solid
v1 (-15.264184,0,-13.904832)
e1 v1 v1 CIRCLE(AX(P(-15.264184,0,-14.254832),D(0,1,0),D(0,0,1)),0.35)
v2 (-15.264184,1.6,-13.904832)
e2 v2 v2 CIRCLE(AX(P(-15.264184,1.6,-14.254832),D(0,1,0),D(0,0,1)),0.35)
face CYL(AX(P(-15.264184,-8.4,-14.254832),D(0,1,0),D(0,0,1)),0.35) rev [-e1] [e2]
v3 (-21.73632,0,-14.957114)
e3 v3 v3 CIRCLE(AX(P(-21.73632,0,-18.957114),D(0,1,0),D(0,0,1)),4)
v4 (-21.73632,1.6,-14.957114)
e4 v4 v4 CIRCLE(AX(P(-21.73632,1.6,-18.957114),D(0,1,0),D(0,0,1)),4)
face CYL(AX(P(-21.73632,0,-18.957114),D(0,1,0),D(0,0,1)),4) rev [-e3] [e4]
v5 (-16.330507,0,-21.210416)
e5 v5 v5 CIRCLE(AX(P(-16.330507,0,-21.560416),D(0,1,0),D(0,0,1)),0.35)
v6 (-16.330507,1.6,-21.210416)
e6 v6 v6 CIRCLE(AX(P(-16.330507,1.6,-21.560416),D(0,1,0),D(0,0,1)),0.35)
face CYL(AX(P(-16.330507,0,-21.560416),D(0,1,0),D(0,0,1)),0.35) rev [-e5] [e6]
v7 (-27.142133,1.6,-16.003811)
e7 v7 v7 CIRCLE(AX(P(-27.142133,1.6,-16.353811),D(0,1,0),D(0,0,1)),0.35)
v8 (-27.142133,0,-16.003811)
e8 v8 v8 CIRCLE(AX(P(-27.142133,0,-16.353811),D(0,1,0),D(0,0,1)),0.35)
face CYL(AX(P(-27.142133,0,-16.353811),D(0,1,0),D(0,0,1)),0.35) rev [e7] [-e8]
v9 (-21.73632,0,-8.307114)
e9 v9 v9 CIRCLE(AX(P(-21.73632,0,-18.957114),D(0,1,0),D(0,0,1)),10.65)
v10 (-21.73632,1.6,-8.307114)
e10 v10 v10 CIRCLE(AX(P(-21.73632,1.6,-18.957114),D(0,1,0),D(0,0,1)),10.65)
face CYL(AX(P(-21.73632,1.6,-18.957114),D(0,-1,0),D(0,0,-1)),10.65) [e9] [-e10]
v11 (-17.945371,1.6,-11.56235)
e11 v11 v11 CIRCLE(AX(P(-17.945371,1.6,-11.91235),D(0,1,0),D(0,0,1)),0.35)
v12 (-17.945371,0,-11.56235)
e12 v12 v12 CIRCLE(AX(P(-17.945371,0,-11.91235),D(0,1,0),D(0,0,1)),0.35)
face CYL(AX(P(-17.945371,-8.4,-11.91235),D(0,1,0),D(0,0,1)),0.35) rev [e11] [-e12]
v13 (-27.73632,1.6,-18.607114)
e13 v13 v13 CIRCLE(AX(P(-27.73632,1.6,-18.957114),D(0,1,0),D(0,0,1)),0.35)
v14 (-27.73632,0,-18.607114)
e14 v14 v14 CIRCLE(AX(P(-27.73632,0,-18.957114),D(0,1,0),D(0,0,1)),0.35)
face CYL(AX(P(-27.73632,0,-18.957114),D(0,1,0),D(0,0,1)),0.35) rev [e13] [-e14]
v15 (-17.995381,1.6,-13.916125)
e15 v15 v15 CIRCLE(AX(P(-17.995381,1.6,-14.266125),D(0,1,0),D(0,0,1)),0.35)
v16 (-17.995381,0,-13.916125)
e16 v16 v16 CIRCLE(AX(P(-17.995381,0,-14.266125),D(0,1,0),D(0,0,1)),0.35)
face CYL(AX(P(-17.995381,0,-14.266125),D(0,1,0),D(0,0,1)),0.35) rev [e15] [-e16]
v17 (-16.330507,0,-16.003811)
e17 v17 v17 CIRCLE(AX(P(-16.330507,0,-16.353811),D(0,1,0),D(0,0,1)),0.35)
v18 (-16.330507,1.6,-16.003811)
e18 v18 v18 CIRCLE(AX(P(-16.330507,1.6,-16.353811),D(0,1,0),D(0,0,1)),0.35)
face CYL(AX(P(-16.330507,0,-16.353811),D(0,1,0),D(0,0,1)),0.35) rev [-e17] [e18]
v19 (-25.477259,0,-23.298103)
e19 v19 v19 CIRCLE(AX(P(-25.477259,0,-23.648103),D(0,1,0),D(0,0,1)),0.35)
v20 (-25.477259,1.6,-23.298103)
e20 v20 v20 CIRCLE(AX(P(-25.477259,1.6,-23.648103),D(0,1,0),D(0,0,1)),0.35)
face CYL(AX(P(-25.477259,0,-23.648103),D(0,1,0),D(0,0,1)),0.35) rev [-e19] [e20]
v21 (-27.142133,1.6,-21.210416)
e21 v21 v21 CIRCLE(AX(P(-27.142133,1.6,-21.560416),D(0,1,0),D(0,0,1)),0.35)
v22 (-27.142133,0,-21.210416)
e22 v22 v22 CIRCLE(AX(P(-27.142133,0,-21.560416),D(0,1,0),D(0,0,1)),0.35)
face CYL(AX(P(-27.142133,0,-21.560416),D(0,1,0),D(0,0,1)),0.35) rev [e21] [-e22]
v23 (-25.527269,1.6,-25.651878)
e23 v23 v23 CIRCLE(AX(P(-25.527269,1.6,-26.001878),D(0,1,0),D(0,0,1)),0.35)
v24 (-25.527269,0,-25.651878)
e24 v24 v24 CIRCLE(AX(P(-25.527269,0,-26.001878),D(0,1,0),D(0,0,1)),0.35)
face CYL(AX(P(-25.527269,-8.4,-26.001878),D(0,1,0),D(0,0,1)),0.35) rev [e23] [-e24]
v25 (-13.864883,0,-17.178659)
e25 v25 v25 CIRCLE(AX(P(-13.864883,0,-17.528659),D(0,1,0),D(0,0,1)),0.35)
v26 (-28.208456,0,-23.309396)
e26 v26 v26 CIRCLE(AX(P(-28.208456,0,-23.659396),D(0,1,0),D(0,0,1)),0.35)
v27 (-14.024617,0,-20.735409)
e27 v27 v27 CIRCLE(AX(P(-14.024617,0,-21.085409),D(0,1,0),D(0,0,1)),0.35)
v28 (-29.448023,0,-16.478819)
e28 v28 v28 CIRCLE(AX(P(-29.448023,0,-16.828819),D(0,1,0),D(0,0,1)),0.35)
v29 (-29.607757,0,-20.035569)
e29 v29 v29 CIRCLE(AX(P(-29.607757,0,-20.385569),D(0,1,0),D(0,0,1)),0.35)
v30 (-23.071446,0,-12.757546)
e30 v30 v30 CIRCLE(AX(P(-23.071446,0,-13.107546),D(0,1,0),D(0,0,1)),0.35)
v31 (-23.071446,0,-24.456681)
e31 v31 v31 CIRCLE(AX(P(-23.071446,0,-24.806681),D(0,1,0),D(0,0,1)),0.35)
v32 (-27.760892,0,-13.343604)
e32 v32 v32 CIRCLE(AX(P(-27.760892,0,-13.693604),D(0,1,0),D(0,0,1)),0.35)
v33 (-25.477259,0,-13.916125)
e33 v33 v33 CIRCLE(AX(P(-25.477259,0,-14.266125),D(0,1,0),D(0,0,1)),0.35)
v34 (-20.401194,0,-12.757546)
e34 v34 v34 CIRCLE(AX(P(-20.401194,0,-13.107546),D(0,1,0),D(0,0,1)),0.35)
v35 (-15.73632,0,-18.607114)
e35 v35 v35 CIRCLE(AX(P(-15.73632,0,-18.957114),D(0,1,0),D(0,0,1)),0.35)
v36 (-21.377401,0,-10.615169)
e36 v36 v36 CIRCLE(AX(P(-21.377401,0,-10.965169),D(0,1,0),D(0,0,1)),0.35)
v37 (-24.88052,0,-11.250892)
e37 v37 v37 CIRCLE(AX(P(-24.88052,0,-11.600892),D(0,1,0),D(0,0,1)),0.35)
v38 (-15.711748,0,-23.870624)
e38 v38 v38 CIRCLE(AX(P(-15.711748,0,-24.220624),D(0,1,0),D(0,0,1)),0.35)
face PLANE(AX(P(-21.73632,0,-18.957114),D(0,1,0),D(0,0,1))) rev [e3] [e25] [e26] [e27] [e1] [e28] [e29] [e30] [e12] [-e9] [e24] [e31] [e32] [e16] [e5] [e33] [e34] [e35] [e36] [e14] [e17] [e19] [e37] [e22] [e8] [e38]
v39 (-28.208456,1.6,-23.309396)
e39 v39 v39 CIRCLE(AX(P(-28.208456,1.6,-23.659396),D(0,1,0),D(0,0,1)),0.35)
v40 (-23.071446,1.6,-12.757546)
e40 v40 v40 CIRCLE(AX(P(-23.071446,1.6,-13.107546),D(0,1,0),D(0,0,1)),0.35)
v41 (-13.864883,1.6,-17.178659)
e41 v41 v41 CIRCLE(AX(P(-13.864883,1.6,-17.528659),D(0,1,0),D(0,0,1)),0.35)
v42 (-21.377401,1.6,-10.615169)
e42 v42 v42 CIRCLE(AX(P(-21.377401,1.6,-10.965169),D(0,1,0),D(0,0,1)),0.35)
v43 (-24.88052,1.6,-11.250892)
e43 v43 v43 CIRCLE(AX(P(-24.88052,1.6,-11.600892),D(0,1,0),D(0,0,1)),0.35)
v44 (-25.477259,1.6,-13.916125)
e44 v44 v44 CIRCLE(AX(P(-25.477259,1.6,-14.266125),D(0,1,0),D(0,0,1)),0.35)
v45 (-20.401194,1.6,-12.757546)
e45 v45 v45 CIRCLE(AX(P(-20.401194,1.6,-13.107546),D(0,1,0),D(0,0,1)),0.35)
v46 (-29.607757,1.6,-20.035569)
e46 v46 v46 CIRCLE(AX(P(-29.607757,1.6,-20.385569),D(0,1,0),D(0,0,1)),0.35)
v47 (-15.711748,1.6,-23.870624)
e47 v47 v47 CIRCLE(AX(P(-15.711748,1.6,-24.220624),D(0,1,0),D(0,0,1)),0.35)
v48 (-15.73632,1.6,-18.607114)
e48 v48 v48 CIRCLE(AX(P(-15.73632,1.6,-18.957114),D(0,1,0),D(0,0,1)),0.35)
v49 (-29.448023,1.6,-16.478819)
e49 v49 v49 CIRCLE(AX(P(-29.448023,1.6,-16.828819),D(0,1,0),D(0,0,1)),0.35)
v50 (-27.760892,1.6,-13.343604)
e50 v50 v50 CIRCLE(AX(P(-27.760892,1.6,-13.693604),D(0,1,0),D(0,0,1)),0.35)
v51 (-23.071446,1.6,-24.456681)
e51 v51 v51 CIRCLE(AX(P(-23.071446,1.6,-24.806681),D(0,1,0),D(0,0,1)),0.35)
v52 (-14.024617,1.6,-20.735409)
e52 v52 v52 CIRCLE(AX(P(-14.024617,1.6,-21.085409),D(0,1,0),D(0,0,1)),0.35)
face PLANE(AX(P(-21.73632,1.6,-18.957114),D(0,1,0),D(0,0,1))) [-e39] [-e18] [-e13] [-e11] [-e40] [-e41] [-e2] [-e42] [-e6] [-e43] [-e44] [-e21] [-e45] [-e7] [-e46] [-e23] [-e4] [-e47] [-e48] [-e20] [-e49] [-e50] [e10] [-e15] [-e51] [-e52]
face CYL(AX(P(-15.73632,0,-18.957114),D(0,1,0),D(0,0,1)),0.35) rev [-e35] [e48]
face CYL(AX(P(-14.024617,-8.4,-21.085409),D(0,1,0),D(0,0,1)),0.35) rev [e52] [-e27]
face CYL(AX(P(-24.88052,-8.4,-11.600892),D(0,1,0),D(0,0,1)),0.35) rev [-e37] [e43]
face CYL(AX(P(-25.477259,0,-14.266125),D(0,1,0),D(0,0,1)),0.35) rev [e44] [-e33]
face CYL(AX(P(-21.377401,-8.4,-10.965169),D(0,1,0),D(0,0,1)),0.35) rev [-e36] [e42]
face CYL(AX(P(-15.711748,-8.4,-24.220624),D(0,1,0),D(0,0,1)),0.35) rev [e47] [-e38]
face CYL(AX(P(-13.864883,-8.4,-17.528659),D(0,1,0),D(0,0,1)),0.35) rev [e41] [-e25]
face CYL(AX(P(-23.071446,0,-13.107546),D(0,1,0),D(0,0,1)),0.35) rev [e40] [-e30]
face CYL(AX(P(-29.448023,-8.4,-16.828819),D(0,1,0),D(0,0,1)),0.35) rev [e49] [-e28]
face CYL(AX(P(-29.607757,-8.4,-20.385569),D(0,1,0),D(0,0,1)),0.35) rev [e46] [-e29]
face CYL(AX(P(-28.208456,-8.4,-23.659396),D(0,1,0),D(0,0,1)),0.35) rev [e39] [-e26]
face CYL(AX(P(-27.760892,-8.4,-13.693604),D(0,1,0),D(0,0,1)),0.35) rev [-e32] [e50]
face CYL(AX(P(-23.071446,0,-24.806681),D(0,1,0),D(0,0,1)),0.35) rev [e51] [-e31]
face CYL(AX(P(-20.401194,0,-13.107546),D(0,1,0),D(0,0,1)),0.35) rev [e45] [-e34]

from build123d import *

# Parameters (mm, degrees)
SKETCH1_R           = 10.65
BOSS_EXTRUDE1_DEPTH = 1.6
SKETCH2_R           = 0.35
CUT_EXTRUDE1_DEPTH  = 44.909166683
SKETCH3_R           = 4
CUT_EXTRUDE2_DEPTH  = 44.909166683
SKETCH7_R           = 0.35
CUT_EXTRUDE6_DEPTH  = 10


with BuildPart() as part:
    # Sketch1 → Boss-Extrude1 (new body)
    with BuildSketch(Plane(origin=(0, 0, 0), x_dir=(1, 0, 0), z_dir=(0, 1, 0))):
        with Locations(Location((-21.736320014, 18.957113921, 0), (0, 0, 270))):
            Circle(SKETCH1_R)
    extrude(amount=BOSS_EXTRUDE1_DEPTH)

    # Sketch2 → Cut-Extrude1 (cut, through all)
    with BuildSketch(Plane(origin=(0, 1.6, 0), x_dir=(1, 0, 0), z_dir=(0, 1, 0))):
        with Locations(Location((-27.142133221, 21.560416356, 0), (0, 0, 270))):
            Circle(SKETCH2_R)
        with Locations(Location((-25.477258825, 23.648102816, 0), (0, 0, 270))):
            Circle(SKETCH2_R)
        with Locations(Location((-23.071445617, 24.806681394, 0), (0, 0, 270))):
            Circle(SKETCH2_R)
        with Locations(Location((-16.330506806, 21.560416356, 0), (0, 0, 270))):
            Circle(SKETCH2_R)
        with Locations(Location((-15.736320014, 18.957113921, 0), (0, 0, 270))):
            Circle(SKETCH2_R)
        with Locations(Location((-16.330506806, 16.353811486, 0), (0, 0, 270))):
            Circle(SKETCH2_R)
        with Locations(Location((-17.995381203, 14.266125026, 0), (0, 0, 270))):
            Circle(SKETCH2_R)
        with Locations(Location((-20.40119441, 13.107546448, 0), (0, 0, 270))):
            Circle(SKETCH2_R)
        with Locations(Location((-23.071445617, 13.107546448, 0), (0, 0, 270))):
            Circle(SKETCH2_R)
        with Locations(Location((-25.477258825, 14.266125026, 0), (0, 0, 270))):
            Circle(SKETCH2_R)
        with Locations(Location((-27.142133221, 16.353811486, 0), (0, 0, 270))):
            Circle(SKETCH2_R)
        with Locations(Location((-27.736320014, 18.957113921, 0), (0, 0, 270))):
            Circle(SKETCH2_R)
    extrude(amount=-CUT_EXTRUDE1_DEPTH, mode=Mode.SUBTRACT)

    # Sketch3 → Cut-Extrude2 (cut, through all)
    with BuildSketch(Plane(origin=(0, 1.6, 0), x_dir=(1, 0, 0), z_dir=(0, 1, 0))):
        with Locations(Location((-21.736320014, 18.957113921, 0), (0, 0, 270))):
            Circle(SKETCH3_R)
    extrude(amount=-CUT_EXTRUDE2_DEPTH, mode=Mode.SUBTRACT)

    # Sketch7 → Cut-Extrude6 (cut)
    with BuildSketch(Plane(origin=(0, 1.6, 0), x_dir=(1, 0, 0), z_dir=(0, 1, 0))):
        with Locations(Location((-27.760891742, 13.693604113, 0), (0, 0, 270))):
            Circle(SKETCH7_R)
        with Locations(Location((-29.448022899, 16.828819156, 0), (0, 0, 270))):
            Circle(SKETCH7_R)
        with Locations(Location((-29.607756722, 20.385569079, 0), (0, 0, 270))):
            Circle(SKETCH7_R)
        with Locations(Location((-28.208455969, 23.659395939, 0), (0, 0, 270))):
            Circle(SKETCH7_R)
        with Locations(Location((-25.527269313, 26.001878176, 0), (0, 0, 270))):
            Circle(SKETCH7_R)
        with Locations(Location((-15.711748286, 24.220623728, 0), (0, 0, 270))):
            Circle(SKETCH7_R)
        with Locations(Location((-14.024617128, 21.085408685, 0), (0, 0, 270))):
            Circle(SKETCH7_R)
        with Locations(Location((-24.880520267, 11.600891741, 0), (0, 0, 270))):
            Circle(SKETCH7_R)
        with Locations(Location((-13.864883305, 17.528658763, 0), (0, 0, 270))):
            Circle(SKETCH7_R)
        with Locations(Location((-15.264184059, 14.254831903, 0), (0, 0, 270))):
            Circle(SKETCH7_R)
        with Locations(Location((-17.945370714, 11.912349666, 0), (0, 0, 270))):
            Circle(SKETCH7_R)
        with Locations(Location((-21.377401371, 10.965169389, 0), (0, 0, 270))):
            Circle(SKETCH7_R)
    extrude(amount=-CUT_EXTRUDE6_DEPTH, mode=Mode.SUBTRACT)


solid = part.part
